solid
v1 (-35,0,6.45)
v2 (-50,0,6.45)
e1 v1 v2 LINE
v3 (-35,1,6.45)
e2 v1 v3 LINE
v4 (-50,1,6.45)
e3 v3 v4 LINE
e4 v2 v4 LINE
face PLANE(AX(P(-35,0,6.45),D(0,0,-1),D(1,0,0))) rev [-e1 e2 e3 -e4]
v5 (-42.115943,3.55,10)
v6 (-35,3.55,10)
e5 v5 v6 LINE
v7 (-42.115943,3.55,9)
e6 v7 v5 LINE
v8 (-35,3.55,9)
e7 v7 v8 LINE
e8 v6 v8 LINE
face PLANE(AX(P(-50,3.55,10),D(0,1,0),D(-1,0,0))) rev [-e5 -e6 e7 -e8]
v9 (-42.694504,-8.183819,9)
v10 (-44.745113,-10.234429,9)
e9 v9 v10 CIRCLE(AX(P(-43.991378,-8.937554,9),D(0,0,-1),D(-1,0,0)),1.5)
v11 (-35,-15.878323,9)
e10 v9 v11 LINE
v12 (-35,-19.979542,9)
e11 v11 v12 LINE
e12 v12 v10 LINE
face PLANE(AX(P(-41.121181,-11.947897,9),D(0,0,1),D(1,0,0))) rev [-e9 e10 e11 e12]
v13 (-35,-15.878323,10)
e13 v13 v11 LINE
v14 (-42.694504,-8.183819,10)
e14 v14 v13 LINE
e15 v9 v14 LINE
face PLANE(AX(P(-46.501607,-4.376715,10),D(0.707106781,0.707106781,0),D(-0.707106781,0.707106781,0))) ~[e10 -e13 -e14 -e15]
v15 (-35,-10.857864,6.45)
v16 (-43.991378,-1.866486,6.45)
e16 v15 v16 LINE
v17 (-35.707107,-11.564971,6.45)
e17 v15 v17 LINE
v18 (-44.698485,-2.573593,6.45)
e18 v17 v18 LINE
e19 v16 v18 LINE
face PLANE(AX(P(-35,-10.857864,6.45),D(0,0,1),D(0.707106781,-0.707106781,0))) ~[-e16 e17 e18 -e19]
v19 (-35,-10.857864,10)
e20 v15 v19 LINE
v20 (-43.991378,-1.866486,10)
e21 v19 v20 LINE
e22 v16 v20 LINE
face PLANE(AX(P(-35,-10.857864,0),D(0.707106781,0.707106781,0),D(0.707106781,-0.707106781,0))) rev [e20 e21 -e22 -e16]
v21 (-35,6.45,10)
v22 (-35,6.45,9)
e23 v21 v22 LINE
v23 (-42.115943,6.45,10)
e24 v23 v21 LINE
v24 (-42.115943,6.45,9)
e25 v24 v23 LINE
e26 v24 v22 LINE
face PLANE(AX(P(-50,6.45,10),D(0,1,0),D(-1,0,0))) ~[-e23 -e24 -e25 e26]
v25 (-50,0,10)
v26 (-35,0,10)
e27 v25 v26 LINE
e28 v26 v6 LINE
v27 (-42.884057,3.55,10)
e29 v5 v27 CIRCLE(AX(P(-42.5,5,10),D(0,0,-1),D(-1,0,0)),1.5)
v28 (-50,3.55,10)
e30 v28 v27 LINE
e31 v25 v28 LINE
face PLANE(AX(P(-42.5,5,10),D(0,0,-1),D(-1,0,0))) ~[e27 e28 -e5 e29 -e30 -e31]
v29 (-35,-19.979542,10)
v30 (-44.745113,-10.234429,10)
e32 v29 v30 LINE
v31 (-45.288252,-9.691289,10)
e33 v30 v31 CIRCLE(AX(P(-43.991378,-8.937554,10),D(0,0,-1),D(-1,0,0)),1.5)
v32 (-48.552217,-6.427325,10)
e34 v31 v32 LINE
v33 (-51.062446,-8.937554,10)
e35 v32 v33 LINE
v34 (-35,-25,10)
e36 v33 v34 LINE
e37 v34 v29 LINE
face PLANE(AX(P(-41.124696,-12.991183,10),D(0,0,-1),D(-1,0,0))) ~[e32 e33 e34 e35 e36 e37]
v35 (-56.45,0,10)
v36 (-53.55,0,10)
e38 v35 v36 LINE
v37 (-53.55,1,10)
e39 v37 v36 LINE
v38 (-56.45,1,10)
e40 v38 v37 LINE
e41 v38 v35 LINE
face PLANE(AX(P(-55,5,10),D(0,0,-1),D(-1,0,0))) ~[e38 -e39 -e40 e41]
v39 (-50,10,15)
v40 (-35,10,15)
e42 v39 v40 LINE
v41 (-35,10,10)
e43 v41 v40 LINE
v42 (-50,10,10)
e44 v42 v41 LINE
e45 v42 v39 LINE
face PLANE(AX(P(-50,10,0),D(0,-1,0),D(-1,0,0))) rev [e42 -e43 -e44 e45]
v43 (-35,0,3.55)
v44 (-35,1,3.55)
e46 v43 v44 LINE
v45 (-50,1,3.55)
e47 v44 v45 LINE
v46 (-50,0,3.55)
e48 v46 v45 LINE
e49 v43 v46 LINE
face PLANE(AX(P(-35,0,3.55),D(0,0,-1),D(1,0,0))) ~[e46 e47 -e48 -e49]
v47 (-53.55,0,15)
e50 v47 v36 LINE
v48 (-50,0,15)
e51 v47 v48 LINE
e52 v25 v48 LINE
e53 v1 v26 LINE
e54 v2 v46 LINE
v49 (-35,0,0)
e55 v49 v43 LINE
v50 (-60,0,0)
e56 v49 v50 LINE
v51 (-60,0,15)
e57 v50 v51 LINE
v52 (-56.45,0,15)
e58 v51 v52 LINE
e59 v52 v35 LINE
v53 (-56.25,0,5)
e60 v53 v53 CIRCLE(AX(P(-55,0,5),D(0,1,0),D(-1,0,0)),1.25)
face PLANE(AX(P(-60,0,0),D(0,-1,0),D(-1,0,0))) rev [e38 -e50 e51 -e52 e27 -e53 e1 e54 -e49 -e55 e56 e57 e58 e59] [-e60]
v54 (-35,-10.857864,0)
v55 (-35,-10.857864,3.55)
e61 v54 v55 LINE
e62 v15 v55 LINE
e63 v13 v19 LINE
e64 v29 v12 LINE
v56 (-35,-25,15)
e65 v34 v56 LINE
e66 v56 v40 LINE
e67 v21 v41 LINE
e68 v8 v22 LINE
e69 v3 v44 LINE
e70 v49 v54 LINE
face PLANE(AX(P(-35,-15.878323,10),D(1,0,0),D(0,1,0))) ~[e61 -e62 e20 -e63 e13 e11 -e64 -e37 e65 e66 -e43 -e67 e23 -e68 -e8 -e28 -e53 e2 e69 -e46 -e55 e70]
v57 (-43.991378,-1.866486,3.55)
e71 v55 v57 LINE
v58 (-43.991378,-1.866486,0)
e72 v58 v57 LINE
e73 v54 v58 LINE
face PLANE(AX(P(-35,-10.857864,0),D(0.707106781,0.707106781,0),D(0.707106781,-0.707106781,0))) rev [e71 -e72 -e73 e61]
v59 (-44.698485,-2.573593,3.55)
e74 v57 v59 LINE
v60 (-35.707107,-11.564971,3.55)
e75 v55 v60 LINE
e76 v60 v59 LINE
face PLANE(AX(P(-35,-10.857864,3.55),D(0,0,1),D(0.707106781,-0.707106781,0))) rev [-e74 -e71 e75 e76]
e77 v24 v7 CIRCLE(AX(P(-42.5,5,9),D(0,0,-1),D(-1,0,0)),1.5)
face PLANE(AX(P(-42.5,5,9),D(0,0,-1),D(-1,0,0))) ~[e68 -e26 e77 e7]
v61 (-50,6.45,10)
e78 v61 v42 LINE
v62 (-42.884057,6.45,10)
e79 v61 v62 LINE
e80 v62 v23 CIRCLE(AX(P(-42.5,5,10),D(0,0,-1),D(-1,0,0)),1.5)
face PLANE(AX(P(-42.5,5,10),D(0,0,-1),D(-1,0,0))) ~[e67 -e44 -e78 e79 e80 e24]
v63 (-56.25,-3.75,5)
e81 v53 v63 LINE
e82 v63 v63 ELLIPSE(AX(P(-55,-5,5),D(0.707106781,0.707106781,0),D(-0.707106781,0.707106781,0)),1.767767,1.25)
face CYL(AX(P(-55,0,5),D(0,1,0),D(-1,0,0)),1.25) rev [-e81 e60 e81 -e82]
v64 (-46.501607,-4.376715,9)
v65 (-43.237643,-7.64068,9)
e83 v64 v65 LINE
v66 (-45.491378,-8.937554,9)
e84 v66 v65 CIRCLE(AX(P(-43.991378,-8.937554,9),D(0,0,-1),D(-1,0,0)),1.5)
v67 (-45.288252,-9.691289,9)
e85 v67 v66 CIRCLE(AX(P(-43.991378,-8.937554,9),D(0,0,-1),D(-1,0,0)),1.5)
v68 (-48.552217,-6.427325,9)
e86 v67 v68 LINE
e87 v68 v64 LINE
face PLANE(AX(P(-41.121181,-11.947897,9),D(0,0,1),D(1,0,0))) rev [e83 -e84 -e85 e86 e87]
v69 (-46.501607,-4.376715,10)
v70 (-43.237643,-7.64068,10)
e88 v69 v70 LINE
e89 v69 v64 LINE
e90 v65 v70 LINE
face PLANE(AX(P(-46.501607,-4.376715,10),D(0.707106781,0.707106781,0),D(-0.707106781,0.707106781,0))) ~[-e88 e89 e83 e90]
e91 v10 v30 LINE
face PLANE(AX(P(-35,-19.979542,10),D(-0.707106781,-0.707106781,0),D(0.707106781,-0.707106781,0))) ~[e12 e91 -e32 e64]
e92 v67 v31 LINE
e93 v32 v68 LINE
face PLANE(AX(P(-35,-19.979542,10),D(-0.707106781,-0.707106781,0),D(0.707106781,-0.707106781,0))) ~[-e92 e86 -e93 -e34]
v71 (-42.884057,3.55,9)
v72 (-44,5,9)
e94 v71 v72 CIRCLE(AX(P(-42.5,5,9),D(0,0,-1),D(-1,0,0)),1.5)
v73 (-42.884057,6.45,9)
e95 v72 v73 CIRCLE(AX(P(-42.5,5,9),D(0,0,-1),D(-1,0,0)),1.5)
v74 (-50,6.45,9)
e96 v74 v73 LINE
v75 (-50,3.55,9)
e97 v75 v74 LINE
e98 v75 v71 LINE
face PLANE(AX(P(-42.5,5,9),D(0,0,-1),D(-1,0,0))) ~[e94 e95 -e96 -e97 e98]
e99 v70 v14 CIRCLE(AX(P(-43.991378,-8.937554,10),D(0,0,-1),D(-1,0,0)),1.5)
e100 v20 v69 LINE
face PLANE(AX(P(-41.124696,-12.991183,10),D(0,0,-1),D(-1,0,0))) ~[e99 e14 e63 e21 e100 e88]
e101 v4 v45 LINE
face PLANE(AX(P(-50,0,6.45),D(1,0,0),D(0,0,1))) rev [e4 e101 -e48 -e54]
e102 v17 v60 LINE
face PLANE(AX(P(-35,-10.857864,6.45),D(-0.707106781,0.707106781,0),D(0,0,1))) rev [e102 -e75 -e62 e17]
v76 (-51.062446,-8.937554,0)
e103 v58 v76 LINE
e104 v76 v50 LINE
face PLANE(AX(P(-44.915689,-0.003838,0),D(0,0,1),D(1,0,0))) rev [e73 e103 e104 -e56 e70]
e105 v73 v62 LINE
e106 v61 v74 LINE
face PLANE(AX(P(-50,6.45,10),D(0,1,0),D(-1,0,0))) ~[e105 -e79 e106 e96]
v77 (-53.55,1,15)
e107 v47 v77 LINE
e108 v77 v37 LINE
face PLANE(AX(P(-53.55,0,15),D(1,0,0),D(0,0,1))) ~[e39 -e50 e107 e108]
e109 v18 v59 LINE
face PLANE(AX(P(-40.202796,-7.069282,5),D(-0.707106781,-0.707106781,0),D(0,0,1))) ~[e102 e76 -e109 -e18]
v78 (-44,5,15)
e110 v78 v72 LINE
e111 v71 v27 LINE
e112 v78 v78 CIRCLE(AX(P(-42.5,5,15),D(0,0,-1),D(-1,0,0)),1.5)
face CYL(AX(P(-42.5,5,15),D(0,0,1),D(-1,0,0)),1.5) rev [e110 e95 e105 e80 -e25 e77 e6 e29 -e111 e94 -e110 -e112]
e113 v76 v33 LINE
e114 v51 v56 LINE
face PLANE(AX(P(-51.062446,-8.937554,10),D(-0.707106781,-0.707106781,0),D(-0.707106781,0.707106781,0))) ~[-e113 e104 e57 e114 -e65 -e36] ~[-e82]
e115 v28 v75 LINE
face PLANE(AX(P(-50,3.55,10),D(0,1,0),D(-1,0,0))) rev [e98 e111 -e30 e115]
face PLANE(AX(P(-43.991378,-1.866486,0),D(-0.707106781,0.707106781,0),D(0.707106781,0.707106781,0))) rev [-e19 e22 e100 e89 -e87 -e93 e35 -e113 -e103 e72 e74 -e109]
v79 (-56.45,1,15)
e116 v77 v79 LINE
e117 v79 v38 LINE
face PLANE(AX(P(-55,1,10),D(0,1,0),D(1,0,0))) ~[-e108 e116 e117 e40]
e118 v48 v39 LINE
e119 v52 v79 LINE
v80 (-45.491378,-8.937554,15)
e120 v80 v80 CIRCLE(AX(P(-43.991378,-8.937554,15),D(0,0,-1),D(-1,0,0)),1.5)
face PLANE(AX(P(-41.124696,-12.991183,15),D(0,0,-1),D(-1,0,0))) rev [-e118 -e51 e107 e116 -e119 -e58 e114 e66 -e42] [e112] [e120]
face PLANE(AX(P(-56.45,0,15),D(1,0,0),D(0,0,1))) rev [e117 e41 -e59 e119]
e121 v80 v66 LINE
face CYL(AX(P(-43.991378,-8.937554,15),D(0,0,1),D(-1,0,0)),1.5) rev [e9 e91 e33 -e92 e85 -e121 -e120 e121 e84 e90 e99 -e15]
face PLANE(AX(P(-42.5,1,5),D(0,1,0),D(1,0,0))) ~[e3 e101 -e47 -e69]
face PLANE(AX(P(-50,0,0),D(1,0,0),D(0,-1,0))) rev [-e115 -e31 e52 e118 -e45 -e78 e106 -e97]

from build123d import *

# Parameters (mm, degrees)
MAIN_DEPTH          = 15
SKETCH4_W           = 15
SKETCH4_H           = 10
CUT_EXTRUDE2_DEPTH  = 10
SKETCH2_W           = 15
SKETCH2_H           = 2.9
BOSS_EXTRUDE3_DEPTH = 1
SKETCH5_W           = 2.9
SKETCH5_H           = 12.715728752
BOSS_EXTRUDE4_DEPTH = 1
SKETCH6_R           = 1.5
BOSS_EXTRUDE5_DEPTH = 5
BOSS_EXTRUDE6_DEPTH = 1
SKETCH8_W           = 2.9
SKETCH8_H           = 10
BOSS_EXTRUDE7_DEPTH = 1
SKETCH9_W           = 1
SKETCH9_H           = 2.9
BOSS_EXTRUDE8_DEPTH = 10
SKETCH11_R          = 1.25
CUT_EXTRUDE4_DEPTH  = 26
SKETCH12_R          = 1.5
CUT_EXTRUDE5_DEPTH  = 16
SKETCH13_W          = 15
SKETCH13_H          = 2.9
BOSS_EXTRUDE9_DEPTH = 1
SKETCH15_W          = 10
SKETCH15_H          = 10
CUT_EXTRUDE7_DEPTH  = 11
SKETCH16_R          = 1.5
CUT_EXTRUDE8_DEPTH  = 16
SKETCH14_W          = 30.791050847
SKETCH14_H          = 42.890305085
CUT_EXTRUDE6_DEPTH  = 26


with BuildPart() as part:
    # Sketch1 → Main (new body)
    with BuildSketch(Plane.XY):
        Polygon((0, 0), (-10, 0), (-10, 10), (-25, 10), (-25, -10.857864376), (-16.008621971, -1.866486348), (-8.937554159, -8.937554159), align=None)
    extrude(amount=MAIN_DEPTH)

    # Sketch4 → Cut-Extrude2 (cut)
    with BuildSketch(Plane(origin=(0, 0, 0), x_dir=(-1, 0, 0), z_dir=(0, 0, -1))):
        with Locations((17.5, 5)):
            Rectangle(SKETCH4_W, SKETCH4_H)
    extrude(amount=-CUT_EXTRUDE2_DEPTH, mode=Mode.SUBTRACT)

    # Sketch2 → Boss-Extrude3 (add)
    with BuildSketch(Plane(origin=(0, 0, 10), x_dir=(-1, 0, 0), z_dir=(0, 0, -1))):
        with Locations((17.5, 5)):
            Rectangle(SKETCH2_W, SKETCH2_H)
    extrude(amount=BOSS_EXTRUDE3_DEPTH)

    # Sketch5 → Boss-Extrude4 (add)
    with BuildSketch(Plane(origin=(-7.071067812, 7.071067812, 0), x_dir=(0, 0, -1), z_dir=(0.707106781, -0.707106781, 0))):
        with Locations((-5, -18.997474683)):
            Rectangle(SKETCH5_W, SKETCH5_H)
    extrude(amount=BOSS_EXTRUDE4_DEPTH)

    # Sketch6 → Boss-Extrude5 (add)
    with BuildSketch(Plane.XY.offset(10)):
        Polygon((-25, -10.857864376), (-16.008621971, -1.866486348), (-8.937554159, -8.937554159), (-25, -25), align=None)
        with Locations((-16.008621971, -8.937554159)):
            Circle(SKETCH6_R, mode=Mode.SUBTRACT)
    extrude(amount=BOSS_EXTRUDE5_DEPTH)

    # Sketch7 → Boss-Extrude6 (add)
    with BuildSketch(Plane(origin=(0, 0, 10), x_dir=(-1, 0, 0), z_dir=(0, 0, -1))):
        Polygon((13.498392898, -4.376715421), (25, -15.878322523), (25, -19.979541854), (11.447783233, -6.427325086), align=None)
    extrude(amount=BOSS_EXTRUDE6_DEPTH)

    # Sketch8 → Boss-Extrude7 (add)
    with BuildSketch(Plane(origin=(0, 0, 0), x_dir=(1, 0, 0), z_dir=(0, 1, 0))):
        with Locations((-5, -10)):
            Rectangle(SKETCH8_W, SKETCH8_H)
    extrude(amount=BOSS_EXTRUDE7_DEPTH)

    # Sketch11 → Cut-Extrude4 (cut, through all)
    with BuildSketch(Plane(origin=(0, 0, 0), x_dir=(1, 0, 0), z_dir=(0, 1, 0))):
        with Locations((-5, -5)):
            Circle(SKETCH11_R)
    extrude(amount=-CUT_EXTRUDE4_DEPTH, mode=Mode.SUBTRACT)

    # Sketch12 → Cut-Extrude5 (cut, through all)
    with BuildSketch(Plane.XY.offset(15)):
        with Locations((-16.008621971, -8.937554159)):
            Circle(SKETCH12_R)
    extrude(amount=-CUT_EXTRUDE5_DEPTH, mode=Mode.SUBTRACT)

    # Sketch13 → Boss-Extrude9 (add)
    with BuildSketch(Plane(origin=(0, 0, 0), x_dir=(1, 0, 0), z_dir=(0, 1, 0))):
        with Locations((-17.5, -5)):
            Rectangle(SKETCH13_W, SKETCH13_H)
    extrude(amount=BOSS_EXTRUDE9_DEPTH)


with BuildPart() as body_2:
    # Sketch9 → Boss-Extrude8 (new body)
    with BuildSketch(Plane.XY.offset(15)):
        with Locations((-9.5, 5)):
            Rectangle(SKETCH9_W, SKETCH9_H)
    extrude(amount=-BOSS_EXTRUDE8_DEPTH)


with BuildPart() as cut_extrude7_tool:
    # Sketch15 → Cut-Extrude7 (new body, through all)
    with BuildSketch(Plane(origin=(0, 0, 10), x_dir=(-1, 0, 0), z_dir=(0, 0, -1))):
        with Locations((5, 5)):
            Rectangle(SKETCH15_W, SKETCH15_H)
    extrude(amount=CUT_EXTRUDE7_DEPTH)


with BuildPart() as part_1:
    add(part.part)

    # Cut-Extrude7: cut by cut_extrude7_tool
    add(cut_extrude7_tool.part, mode=Mode.SUBTRACT)

    # Sketch16 → Cut-Extrude8 (cut, through all)
    with BuildSketch(Plane.XY.offset(15)):
        with Locations((-17.5, 5)):
            Circle(SKETCH16_R)
    extrude(amount=-CUT_EXTRUDE8_DEPTH, mode=Mode.SUBTRACT)


with BuildPart() as body_2_1:
    add(body_2.part)

    # Cut-Extrude7: cut by cut_extrude7_tool
    add(cut_extrude7_tool.part, mode=Mode.SUBTRACT)


with BuildPart() as body_3:
    # Mirror1: mirrored copy
    add(part_1.part.mirror(Plane.ZY.offset(30)))


with BuildPart() as cut_extrude6_tool:
    # Sketch14 → Cut-Extrude6 (new body, through all)
    with BuildSketch(Plane(origin=(-25, 0, -10), x_dir=(0, 0, -1), z_dir=(1, 0, 0))):
        with Locations((-11.471050848, -6.763186441)):
            Rectangle(SKETCH14_W, SKETCH14_H)
    extrude(amount=CUT_EXTRUDE6_DEPTH)


with BuildPart() as part_2:
    add(part_1.part)

    # Cut-Extrude6: cut by cut_extrude6_tool
    add(cut_extrude6_tool.part, mode=Mode.SUBTRACT)


with BuildPart() as body_2_2:
    add(body_2_1.part)

    # Cut-Extrude6: cut by cut_extrude6_tool
    add(cut_extrude6_tool.part, mode=Mode.SUBTRACT)


solid = body_3.part
